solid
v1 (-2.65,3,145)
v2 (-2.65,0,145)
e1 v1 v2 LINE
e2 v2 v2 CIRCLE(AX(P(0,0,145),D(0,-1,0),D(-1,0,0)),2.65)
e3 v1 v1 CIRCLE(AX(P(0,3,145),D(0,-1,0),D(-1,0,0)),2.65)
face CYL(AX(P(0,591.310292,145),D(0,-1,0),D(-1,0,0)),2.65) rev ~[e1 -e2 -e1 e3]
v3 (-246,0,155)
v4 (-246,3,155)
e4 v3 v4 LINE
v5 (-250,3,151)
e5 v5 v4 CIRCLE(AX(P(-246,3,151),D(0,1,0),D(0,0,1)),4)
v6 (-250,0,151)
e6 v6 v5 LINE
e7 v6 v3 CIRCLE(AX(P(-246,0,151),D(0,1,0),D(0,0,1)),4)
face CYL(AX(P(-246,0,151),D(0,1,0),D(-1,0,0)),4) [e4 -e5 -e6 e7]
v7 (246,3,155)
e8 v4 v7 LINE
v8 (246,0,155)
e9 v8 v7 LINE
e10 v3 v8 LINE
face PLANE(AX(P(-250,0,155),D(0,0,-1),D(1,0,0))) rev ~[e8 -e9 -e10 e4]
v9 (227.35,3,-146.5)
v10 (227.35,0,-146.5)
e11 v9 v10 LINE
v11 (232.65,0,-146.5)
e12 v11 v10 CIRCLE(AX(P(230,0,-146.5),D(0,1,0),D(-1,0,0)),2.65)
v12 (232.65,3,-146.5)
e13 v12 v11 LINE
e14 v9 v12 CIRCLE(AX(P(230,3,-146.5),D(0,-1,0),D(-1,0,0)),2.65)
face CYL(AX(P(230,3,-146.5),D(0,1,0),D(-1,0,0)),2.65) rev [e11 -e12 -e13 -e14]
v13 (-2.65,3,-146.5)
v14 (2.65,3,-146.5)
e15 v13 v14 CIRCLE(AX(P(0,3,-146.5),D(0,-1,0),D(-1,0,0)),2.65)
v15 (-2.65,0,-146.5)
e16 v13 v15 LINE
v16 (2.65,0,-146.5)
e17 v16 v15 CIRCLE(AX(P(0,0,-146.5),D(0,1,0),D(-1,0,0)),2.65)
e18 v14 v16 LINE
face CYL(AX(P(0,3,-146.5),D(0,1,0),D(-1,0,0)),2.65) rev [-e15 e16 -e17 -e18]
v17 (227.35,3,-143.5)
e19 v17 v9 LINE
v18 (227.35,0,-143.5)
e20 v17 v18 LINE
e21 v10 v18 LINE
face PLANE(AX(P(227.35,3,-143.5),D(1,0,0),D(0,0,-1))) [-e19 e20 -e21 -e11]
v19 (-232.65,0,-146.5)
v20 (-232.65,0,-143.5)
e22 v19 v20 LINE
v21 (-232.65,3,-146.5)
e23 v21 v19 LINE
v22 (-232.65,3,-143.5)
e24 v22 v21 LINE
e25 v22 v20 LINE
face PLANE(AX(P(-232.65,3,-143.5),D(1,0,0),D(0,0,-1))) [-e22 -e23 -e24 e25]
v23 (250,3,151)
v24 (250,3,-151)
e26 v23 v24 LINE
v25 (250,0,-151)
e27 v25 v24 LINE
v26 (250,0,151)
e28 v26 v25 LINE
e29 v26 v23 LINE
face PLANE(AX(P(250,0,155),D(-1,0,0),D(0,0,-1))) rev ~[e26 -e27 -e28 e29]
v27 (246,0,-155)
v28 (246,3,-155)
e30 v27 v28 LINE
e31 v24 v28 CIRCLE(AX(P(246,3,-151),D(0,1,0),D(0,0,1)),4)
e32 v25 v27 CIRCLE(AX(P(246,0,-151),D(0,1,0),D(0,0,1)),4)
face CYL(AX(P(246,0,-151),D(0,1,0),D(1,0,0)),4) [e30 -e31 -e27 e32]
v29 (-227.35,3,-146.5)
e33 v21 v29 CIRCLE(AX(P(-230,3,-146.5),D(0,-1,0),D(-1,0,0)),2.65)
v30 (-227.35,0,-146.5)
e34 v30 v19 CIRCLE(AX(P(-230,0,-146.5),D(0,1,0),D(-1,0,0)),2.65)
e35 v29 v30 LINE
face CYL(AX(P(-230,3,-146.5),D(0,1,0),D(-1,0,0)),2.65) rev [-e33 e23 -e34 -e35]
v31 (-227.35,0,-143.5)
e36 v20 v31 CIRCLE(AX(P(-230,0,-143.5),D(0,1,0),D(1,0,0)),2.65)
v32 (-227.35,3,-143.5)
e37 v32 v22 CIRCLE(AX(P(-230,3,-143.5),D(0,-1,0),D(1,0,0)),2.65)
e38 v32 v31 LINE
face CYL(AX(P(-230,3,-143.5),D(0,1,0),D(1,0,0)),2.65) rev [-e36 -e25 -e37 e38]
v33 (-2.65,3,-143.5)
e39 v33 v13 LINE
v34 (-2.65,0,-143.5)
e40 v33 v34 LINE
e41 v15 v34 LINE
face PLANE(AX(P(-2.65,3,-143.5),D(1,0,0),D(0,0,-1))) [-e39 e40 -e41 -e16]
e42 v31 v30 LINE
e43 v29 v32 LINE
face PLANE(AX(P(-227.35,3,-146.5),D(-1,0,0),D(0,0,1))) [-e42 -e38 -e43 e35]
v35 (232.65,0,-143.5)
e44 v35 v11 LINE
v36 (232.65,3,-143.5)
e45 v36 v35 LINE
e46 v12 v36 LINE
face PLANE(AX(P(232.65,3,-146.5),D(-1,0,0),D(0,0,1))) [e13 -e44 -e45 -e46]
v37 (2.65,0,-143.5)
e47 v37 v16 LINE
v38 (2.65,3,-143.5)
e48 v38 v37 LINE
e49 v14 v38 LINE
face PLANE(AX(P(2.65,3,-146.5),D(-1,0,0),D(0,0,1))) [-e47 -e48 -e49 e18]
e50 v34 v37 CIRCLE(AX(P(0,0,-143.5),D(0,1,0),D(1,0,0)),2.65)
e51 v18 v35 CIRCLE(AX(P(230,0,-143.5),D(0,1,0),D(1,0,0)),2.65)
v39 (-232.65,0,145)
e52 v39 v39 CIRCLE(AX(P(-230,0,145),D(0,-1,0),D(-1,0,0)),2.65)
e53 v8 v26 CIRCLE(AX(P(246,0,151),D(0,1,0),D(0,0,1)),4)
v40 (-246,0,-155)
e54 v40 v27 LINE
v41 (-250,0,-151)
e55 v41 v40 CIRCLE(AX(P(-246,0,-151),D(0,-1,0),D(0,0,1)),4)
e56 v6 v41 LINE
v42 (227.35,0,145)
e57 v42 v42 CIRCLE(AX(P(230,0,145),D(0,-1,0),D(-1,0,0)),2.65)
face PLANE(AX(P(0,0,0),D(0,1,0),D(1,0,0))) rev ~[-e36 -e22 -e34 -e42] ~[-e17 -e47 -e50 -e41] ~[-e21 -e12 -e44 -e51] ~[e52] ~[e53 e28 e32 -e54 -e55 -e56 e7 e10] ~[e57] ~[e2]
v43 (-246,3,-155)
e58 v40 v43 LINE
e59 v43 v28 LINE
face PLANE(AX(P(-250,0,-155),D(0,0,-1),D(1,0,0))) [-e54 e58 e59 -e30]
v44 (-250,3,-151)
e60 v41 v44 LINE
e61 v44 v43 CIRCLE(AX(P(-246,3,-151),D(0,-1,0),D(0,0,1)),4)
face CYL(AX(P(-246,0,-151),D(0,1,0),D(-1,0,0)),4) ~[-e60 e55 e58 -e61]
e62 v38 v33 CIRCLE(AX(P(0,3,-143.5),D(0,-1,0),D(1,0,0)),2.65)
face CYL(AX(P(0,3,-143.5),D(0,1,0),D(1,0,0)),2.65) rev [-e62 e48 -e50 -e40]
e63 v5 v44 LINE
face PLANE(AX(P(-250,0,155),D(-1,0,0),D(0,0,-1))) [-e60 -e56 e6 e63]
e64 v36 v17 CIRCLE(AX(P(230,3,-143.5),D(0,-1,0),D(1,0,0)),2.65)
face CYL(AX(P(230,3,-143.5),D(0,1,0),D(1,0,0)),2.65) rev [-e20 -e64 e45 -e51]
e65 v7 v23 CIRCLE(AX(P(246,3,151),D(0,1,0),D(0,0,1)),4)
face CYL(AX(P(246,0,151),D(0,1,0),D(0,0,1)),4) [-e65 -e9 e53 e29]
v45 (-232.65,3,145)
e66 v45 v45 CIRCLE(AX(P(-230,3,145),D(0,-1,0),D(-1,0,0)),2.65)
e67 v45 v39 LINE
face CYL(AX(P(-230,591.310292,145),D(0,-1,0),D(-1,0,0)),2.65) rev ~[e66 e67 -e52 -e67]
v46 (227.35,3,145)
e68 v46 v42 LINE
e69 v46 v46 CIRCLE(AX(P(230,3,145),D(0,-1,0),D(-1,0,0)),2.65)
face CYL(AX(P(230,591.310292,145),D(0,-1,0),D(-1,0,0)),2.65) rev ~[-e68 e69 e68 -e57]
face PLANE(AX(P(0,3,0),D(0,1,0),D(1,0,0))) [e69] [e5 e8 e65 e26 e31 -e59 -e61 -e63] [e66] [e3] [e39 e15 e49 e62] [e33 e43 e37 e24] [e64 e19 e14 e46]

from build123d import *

# Parameters (mm, degrees)
SKETCH1_W                  = 500
SKETCH1_H                  = 310
BOSS_EXTRUDE1_DEPTH        = 3
FILLET1_R                  = 4
F_5_3_5_3_DIAMETER_HOLE1_D = 5.3
CUT_EXTRUDE1_DEPTH         = 4


with BuildPart() as part:
    # Sketch1 → Boss-Extrude1 (new body)
    with BuildSketch(Plane(origin=(0, 0, 0), x_dir=(1, 0, 0), z_dir=(0, 1, 0))):
        Rectangle(SKETCH1_W, SKETCH1_H)
    extrude(amount=BOSS_EXTRUDE1_DEPTH)

    # Fillet1
    fillet1_edges = [part.edges().sort_by_distance(p)[0] for p in [
        (250, 1.5, 155),
        (-250, 1.5, 155),
        (-250, 1.5, -155),
        (250, 1.5, -155),
    ]]
    fillet(fillet1_edges, radius=FILLET1_R)

    # Ø5.3 (5.3) Diameter Hole1 (through all)
    with Locations(Plane(origin=(0, 3, 0), x_dir=(1, 0, 0), z_dir=(0, 1, 0))):
        with Locations((230, 145), (-230, -145), (-230, 145), (230, -145), (0, 145), (0, -145)):
            Hole(F_5_3_5_3_DIAMETER_HOLE1_D / 2)

    # Sketch6 → Cut-Extrude1 (cut, through all)
    with BuildSketch(Plane(origin=(0, 3, 0), x_dir=(1, 0, 0), z_dir=(0, 1, 0))):
        with BuildLine():
            Line((-232.65, 143.5), (-232.65, 146.5))
            ThreePointArc((-232.65, 146.5), (-230, 149.15), (-227.35, 146.5))
            Line((-227.35, 146.5), (-227.35, 143.5))
            ThreePointArc((-227.35, 143.5), (-230, 140.85), (-232.65, 143.5))
        make_face()
        with BuildLine():
            Line((-2.65, 143.5), (-2.65, 146.5))
            ThreePointArc((-2.65, 146.5), (0, 149.15), (2.65, 146.5))
            Line((2.65, 146.5), (2.65, 143.5))
            ThreePointArc((2.65, 143.5), (0, 140.85), (-2.65, 143.5))
        make_face()
        with BuildLine():
            Line((227.35, 143.5), (227.35, 146.5))
            ThreePointArc((227.35, 146.5), (230, 149.15), (232.65, 146.5))
            Line((232.65, 146.5), (232.65, 143.5))
            ThreePointArc((232.65, 143.5), (230, 140.85), (227.35, 143.5))
        make_face()
    extrude(amount=-CUT_EXTRUDE1_DEPTH, mode=Mode.SUBTRACT)


solid = part.part
